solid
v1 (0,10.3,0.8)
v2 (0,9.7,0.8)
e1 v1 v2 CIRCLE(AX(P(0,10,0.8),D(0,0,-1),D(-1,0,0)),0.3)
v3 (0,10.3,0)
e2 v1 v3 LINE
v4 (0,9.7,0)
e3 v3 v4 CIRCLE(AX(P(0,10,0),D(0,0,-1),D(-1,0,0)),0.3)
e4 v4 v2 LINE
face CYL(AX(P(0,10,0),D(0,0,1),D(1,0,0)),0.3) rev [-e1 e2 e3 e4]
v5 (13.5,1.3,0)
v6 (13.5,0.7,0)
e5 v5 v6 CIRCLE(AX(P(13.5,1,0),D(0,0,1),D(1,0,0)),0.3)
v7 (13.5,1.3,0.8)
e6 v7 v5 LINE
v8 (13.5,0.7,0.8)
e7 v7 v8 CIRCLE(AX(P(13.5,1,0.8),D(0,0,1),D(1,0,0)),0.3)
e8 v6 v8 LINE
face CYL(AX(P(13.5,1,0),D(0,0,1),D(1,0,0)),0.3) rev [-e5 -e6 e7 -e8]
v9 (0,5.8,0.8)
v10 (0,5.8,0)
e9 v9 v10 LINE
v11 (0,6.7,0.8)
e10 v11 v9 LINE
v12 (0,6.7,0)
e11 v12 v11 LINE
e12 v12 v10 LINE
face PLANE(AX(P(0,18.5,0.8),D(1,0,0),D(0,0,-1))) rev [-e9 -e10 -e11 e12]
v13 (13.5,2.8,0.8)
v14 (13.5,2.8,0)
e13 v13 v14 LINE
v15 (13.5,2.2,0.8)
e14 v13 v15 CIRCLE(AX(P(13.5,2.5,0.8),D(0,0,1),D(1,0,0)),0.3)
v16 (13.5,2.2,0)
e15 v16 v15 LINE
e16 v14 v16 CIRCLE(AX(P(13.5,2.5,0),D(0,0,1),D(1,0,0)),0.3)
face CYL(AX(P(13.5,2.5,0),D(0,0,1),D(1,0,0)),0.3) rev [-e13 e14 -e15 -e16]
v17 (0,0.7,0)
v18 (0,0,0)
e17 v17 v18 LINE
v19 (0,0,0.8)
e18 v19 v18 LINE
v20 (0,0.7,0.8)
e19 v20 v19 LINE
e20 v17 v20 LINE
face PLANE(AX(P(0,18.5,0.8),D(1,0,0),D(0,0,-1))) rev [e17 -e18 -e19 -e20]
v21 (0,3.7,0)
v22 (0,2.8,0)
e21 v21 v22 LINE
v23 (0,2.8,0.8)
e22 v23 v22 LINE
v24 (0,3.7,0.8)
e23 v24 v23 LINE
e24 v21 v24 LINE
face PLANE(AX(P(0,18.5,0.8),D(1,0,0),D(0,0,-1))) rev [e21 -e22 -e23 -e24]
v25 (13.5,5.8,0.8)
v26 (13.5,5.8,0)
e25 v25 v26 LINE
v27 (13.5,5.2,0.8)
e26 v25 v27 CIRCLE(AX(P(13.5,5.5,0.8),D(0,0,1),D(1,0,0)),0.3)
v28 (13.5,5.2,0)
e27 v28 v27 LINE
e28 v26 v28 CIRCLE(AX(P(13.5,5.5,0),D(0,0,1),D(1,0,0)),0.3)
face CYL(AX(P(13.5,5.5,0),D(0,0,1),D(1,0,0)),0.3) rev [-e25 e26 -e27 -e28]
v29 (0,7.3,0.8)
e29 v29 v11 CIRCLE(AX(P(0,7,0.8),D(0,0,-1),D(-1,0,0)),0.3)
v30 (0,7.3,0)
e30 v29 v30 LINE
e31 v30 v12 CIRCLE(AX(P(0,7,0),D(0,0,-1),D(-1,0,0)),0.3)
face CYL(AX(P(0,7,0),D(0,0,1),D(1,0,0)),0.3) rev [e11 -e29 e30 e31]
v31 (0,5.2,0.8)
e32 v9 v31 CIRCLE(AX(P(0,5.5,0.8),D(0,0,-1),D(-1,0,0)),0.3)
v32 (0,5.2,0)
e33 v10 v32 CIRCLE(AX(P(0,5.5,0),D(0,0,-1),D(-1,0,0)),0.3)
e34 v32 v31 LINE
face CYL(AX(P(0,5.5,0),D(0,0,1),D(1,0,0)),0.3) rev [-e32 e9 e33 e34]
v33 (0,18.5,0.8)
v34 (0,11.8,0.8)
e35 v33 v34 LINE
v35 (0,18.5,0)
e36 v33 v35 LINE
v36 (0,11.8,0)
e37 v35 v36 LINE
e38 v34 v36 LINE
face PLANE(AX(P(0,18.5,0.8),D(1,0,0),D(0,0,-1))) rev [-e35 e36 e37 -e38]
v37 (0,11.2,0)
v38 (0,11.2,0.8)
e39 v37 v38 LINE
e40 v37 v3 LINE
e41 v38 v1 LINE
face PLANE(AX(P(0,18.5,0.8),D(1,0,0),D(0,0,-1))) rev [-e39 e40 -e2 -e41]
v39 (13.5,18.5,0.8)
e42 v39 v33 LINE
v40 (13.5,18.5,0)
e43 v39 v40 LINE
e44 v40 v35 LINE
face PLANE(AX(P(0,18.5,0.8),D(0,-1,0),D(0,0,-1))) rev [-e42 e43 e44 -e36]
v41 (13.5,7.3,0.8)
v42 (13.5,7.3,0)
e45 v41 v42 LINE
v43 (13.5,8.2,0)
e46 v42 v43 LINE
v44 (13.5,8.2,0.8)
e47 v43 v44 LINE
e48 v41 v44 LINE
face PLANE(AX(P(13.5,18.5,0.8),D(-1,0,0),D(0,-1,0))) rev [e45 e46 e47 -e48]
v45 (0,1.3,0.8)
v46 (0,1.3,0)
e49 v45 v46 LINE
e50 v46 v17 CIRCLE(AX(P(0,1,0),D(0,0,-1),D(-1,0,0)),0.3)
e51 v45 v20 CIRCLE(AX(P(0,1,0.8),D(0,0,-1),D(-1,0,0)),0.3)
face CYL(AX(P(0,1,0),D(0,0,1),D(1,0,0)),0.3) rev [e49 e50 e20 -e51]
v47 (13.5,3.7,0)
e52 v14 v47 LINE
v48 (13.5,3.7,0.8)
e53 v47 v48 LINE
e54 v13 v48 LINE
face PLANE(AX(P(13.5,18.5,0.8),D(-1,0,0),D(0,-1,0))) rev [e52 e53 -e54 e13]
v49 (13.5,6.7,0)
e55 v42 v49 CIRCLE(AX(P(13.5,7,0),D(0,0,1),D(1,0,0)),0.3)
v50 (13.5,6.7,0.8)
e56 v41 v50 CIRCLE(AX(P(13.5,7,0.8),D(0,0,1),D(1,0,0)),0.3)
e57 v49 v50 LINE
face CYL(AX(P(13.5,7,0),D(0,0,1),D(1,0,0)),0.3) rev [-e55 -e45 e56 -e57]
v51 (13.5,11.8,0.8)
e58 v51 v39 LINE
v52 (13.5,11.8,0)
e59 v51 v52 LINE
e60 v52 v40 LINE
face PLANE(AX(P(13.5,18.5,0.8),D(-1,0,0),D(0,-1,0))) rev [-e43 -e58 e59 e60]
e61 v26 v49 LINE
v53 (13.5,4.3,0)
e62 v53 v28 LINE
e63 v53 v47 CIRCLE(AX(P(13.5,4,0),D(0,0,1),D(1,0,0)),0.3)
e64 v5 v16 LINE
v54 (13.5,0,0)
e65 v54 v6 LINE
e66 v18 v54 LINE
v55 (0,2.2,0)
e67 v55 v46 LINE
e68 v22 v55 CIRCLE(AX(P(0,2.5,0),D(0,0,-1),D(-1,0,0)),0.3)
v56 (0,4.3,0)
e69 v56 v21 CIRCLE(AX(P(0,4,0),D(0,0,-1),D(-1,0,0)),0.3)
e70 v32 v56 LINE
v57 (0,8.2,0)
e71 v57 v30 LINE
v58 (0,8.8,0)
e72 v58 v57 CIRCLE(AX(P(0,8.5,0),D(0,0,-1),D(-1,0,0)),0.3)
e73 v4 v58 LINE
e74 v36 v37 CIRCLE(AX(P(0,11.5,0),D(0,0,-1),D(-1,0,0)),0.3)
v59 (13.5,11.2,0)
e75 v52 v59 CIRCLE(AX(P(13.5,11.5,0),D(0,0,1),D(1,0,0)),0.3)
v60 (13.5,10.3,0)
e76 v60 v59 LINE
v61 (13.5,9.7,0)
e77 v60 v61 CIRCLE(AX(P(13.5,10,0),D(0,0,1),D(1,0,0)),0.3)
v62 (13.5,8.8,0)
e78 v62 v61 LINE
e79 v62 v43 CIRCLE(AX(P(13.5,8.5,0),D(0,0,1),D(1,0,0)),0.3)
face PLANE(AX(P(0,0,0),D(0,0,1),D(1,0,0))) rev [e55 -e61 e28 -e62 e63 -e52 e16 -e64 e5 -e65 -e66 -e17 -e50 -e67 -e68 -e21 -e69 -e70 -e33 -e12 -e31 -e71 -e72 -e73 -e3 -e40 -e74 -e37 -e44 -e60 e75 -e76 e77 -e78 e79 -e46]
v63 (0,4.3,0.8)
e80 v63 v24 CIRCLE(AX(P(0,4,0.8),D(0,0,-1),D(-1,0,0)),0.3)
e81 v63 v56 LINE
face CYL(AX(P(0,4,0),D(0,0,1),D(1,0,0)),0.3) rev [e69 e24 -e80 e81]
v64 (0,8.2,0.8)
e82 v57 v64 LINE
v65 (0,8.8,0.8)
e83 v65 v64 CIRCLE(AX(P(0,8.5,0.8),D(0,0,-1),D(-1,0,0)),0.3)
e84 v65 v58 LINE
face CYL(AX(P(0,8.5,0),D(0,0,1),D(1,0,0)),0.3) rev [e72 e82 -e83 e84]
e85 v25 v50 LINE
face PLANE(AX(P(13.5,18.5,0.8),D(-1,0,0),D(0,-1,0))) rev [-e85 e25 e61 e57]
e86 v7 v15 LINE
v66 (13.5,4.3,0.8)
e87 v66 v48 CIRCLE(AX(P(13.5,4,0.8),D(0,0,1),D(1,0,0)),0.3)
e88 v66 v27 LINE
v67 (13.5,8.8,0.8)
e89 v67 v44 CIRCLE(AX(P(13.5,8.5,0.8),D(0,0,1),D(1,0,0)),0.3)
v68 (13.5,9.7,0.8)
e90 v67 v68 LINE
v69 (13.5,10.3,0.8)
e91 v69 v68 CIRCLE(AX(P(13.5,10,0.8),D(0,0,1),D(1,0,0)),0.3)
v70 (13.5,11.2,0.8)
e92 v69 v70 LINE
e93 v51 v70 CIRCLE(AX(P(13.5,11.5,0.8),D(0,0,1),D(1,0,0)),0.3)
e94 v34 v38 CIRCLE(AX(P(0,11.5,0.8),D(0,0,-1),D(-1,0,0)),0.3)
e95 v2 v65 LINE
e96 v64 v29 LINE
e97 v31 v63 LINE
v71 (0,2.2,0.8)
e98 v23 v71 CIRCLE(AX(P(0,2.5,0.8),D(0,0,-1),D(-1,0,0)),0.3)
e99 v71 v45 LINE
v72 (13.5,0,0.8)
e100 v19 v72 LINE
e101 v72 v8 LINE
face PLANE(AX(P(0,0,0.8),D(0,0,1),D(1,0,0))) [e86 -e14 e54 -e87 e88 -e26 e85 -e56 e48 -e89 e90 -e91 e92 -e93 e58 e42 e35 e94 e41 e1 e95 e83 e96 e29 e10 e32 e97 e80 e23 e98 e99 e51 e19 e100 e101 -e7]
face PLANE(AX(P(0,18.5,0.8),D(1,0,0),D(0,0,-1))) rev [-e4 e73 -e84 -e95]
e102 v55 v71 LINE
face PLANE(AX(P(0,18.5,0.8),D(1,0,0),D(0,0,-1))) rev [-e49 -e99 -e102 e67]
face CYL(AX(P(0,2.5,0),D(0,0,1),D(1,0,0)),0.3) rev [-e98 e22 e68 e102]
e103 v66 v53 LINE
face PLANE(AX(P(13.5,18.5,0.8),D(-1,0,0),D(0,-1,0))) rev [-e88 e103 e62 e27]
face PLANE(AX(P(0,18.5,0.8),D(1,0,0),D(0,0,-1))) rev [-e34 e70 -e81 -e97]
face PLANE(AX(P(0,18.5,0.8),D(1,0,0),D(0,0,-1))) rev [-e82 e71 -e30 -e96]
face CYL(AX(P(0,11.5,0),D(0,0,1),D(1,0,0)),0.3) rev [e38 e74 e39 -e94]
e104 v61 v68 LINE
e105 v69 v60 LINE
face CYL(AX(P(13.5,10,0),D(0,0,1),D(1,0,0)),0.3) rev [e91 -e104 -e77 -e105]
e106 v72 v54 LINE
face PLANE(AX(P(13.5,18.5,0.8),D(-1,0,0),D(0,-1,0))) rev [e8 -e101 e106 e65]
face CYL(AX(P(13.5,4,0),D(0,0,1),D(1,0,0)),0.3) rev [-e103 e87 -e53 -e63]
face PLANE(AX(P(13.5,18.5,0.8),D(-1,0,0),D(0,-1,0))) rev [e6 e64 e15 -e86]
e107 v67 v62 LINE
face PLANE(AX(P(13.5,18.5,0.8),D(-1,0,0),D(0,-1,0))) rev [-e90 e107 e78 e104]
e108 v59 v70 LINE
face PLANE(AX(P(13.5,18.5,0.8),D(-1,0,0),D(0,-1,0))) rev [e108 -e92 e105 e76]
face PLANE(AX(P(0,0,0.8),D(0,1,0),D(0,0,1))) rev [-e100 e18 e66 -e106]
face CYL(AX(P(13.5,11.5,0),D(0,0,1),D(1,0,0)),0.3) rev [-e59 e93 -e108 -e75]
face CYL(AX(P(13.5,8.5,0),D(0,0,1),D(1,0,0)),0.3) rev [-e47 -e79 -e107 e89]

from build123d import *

# Parameters (mm, degrees)
ESBO_O1_W                 = 13.5
ESBO_O1_H                 = 18.5
RESSALTO_EXTRUS_O1_DEPTH  = 0.8
ESBO_O2_R                 = 0.3
CORTE_EXTRUS_O1_DEPTH     = 23.915933322
PADR_O_LINEAR1_COUNT      = 8
PADR_O_LINEAR1_PITCH      = 1.5
ESPELHAR1_COPY_1_SKETCH_R = 0.3
ESPELHAR1_COPY_1_DEPTH    = 23.915933322
ESPELHAR1_COPY_2_SKETCH_R = 0.3
ESPELHAR1_COPY_2_DEPTH    = 23.915933322
ESPELHAR1_COPY_3_SKETCH_R = 0.3
ESPELHAR1_COPY_3_DEPTH    = 23.915933322
ESPELHAR1_COPY_4_SKETCH_R = 0.3
ESPELHAR1_COPY_4_DEPTH    = 23.915933322
ESPELHAR1_COPY_5_SKETCH_R = 0.3
ESPELHAR1_COPY_5_DEPTH    = 23.915933322
ESPELHAR1_COPY_6_SKETCH_R = 0.3
ESPELHAR1_COPY_6_DEPTH    = 23.915933322
ESPELHAR1_COPY_7_SKETCH_R = 0.3
ESPELHAR1_COPY_7_DEPTH    = 23.915933322


with BuildPart() as part:
    # Esboço1 → Ressalto-extrusão1 (new body)
    with BuildSketch(Plane.XY):
        with Locations((6.75, 9.25)):
            Rectangle(ESBO_O1_W, ESBO_O1_H)
    extrude(amount=RESSALTO_EXTRUS_O1_DEPTH)

    # Esboço2 → Corte-extrusão1 (cut, through all)
    with BuildSketch(Plane.XY.offset(0.8)):
        with Locations((13.5, 1)):
            Circle(ESBO_O2_R)
    corte_extrus_o1 = extrude(amount=-CORTE_EXTRUS_O1_DEPTH, mode=Mode.SUBTRACT)

    # Padrão linear1: Corte-extrusão1 ×8
    with Locations(*[(0, i * PADR_O_LINEAR1_PITCH, 0) for i in range(1, PADR_O_LINEAR1_COUNT)]):
        add(corte_extrus_o1, mode=Mode.SUBTRACT)

    # Espelhar1: Corte-extrusão1 across plane
    add(corte_extrus_o1.mirror(Plane.ZY.offset(-6.75)), mode=Mode.SUBTRACT)

    # Espelhar1 copy 1 sketch → Espelhar1 copy 1 (cut, through all)
    with BuildSketch(Plane(origin=(13.5, 1.5, 0.8), x_dir=(-1, 0, 0), z_dir=(0, 0, 1))):
        with Locations((13.5, -1)):
            Circle(ESPELHAR1_COPY_1_SKETCH_R)
    extrude(amount=-ESPELHAR1_COPY_1_DEPTH, mode=Mode.SUBTRACT)

    # Espelhar1 copy 2 sketch → Espelhar1 copy 2 (cut, through all)
    with BuildSketch(Plane(origin=(13.5, 3, 0.8), x_dir=(-1, 0, 0), z_dir=(0, 0, 1))):
        with Locations((13.5, -1)):
            Circle(ESPELHAR1_COPY_2_SKETCH_R)
    extrude(amount=-ESPELHAR1_COPY_2_DEPTH, mode=Mode.SUBTRACT)

    # Espelhar1 copy 3 sketch → Espelhar1 copy 3 (cut, through all)
    with BuildSketch(Plane(origin=(13.5, 4.5, 0.8), x_dir=(-1, 0, 0), z_dir=(0, 0, 1))):
        with Locations((13.5, -1)):
            Circle(ESPELHAR1_COPY_3_SKETCH_R)
    extrude(amount=-ESPELHAR1_COPY_3_DEPTH, mode=Mode.SUBTRACT)

    # Espelhar1 copy 4 sketch → Espelhar1 copy 4 (cut, through all)
    with BuildSketch(Plane(origin=(13.5, 6, 0.8), x_dir=(-1, 0, 0), z_dir=(0, 0, 1))):
        with Locations((13.5, -1)):
            Circle(ESPELHAR1_COPY_4_SKETCH_R)
    extrude(amount=-ESPELHAR1_COPY_4_DEPTH, mode=Mode.SUBTRACT)

    # Espelhar1 copy 5 sketch → Espelhar1 copy 5 (cut, through all)
    with BuildSketch(Plane(origin=(13.5, 7.5, 0.8), x_dir=(-1, 0, 0), z_dir=(0, 0, 1))):
        with Locations((13.5, -1)):
            Circle(ESPELHAR1_COPY_5_SKETCH_R)
    extrude(amount=-ESPELHAR1_COPY_5_DEPTH, mode=Mode.SUBTRACT)

    # Espelhar1 copy 6 sketch → Espelhar1 copy 6 (cut, through all)
    with BuildSketch(Plane(origin=(13.5, 9, 0.8), x_dir=(-1, 0, 0), z_dir=(0, 0, 1))):
        with Locations((13.5, -1)):
            Circle(ESPELHAR1_COPY_6_SKETCH_R)
    extrude(amount=-ESPELHAR1_COPY_6_DEPTH, mode=Mode.SUBTRACT)

    # Espelhar1 copy 7 sketch → Espelhar1 copy 7 (cut, through all)
    with BuildSketch(Plane(origin=(13.5, 10.5, 0.8), x_dir=(-1, 0, 0), z_dir=(0, 0, 1))):
        with Locations((13.5, -1)):
            Circle(ESPELHAR1_COPY_7_SKETCH_R)
    extrude(amount=-ESPELHAR1_COPY_7_DEPTH, mode=Mode.SUBTRACT)


solid = part.part
